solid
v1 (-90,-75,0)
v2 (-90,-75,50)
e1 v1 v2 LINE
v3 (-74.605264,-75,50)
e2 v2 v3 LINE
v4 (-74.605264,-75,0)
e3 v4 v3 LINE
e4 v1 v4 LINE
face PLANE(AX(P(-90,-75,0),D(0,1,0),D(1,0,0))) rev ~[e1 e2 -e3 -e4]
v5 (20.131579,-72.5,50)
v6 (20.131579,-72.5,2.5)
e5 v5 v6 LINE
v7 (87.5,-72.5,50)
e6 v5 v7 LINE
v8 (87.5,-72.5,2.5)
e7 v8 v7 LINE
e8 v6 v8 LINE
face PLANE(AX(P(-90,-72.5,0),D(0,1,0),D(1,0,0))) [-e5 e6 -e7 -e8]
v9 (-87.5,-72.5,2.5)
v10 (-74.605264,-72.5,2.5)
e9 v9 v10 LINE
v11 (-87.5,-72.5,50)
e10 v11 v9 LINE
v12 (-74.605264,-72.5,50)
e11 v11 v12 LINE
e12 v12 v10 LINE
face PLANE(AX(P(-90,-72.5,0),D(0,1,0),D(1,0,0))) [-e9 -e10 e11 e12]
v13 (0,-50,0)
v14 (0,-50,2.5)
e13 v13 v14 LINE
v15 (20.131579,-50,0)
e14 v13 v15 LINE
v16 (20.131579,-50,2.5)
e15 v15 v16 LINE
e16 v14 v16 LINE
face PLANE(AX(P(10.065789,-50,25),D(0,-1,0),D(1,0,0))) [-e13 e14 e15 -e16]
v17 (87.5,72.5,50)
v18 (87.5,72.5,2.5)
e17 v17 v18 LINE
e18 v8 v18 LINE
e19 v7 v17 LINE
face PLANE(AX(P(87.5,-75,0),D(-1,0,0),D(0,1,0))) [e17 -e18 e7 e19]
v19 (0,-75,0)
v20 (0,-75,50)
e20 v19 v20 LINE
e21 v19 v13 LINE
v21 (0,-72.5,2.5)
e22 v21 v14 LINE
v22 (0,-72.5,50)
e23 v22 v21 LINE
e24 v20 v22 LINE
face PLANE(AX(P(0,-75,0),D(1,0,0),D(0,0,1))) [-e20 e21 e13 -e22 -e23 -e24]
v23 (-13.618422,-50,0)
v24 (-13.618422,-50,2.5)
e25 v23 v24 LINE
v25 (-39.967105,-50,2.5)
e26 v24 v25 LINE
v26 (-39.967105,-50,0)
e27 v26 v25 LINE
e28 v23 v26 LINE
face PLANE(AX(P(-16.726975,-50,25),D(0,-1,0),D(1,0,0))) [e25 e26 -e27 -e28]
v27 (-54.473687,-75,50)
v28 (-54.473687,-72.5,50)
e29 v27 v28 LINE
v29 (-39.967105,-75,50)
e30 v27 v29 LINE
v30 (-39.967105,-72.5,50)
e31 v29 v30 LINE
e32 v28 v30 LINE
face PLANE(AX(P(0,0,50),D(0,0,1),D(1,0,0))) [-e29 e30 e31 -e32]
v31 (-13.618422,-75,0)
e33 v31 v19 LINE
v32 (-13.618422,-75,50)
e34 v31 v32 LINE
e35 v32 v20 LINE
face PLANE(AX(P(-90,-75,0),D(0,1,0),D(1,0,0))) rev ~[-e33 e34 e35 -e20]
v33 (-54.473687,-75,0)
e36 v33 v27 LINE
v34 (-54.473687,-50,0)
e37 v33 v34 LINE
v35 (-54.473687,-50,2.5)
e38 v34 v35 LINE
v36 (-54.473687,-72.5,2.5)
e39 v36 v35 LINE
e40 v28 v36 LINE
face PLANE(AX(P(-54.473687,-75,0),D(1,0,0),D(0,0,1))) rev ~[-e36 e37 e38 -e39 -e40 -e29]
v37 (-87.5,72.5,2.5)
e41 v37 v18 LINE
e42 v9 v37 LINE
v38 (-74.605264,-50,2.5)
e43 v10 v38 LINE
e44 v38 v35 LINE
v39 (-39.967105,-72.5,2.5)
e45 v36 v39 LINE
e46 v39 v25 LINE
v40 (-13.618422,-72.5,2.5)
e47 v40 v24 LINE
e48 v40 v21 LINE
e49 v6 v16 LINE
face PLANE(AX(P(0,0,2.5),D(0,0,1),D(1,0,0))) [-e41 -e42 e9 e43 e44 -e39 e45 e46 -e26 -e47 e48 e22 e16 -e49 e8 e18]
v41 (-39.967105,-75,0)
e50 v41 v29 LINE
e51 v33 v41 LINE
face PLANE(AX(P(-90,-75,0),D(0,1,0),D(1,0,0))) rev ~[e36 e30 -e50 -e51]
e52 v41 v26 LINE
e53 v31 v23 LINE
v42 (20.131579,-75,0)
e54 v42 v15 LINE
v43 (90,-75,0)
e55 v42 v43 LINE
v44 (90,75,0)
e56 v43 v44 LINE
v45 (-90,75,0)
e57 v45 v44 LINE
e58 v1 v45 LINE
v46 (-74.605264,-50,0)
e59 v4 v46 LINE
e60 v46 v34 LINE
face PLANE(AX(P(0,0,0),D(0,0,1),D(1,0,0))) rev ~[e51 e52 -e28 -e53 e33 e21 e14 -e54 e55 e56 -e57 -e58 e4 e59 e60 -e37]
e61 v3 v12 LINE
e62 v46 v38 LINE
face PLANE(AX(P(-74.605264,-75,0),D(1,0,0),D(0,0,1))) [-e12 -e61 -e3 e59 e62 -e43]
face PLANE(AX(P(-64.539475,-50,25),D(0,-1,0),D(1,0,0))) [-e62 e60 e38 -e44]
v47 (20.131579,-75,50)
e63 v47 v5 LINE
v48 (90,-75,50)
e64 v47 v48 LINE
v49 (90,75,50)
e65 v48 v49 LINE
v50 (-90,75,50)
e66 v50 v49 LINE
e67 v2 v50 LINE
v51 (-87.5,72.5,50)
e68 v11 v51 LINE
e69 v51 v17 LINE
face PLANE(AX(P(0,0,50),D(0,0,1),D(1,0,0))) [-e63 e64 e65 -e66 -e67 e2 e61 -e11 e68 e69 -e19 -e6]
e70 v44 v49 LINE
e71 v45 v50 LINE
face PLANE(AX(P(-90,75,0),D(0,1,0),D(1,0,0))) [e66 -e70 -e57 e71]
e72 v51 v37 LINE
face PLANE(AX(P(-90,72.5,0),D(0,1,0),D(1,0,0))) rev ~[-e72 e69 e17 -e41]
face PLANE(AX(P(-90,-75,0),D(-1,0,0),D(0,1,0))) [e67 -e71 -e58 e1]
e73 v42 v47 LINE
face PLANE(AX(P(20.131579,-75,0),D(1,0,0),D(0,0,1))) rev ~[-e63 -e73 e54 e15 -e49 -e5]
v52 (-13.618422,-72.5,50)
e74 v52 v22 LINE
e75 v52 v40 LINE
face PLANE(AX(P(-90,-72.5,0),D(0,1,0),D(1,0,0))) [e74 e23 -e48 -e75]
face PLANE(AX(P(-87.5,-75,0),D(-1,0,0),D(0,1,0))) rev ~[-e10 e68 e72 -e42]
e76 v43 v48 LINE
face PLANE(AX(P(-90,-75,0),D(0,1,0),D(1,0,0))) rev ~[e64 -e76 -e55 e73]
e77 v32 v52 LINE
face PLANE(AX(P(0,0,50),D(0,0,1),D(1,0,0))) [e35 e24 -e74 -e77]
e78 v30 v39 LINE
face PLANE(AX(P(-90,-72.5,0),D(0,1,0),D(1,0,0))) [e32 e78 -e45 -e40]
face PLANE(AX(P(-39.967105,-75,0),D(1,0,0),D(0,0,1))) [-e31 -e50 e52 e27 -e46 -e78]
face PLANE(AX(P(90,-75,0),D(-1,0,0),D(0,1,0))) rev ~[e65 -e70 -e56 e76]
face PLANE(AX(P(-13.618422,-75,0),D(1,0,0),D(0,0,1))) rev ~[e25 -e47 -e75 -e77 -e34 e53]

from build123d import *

# Parameters (mm, degrees)
F0_W      = 180
F0_H      = 150
F1_DEPTH  = 50
F2_T      = -2.5
F3_W      = 20.1315768063
F3_H      = 50
F4_DEPTH  = 25
F5_W      = 20.1315768063
F5_H      = 50
F6_DEPTH  = 25
F7_W      = 20.131578669
F7_H      = 50
F8_DEPTH  = 25
F9_W      = 6.2171062455
F9_H      = 50
F10_DEPTH = 25


with BuildPart() as f1:
    # F0 (on Top) → F1 (new body)
    with BuildSketch(Plane.XY):
        Rectangle(F0_W, F0_H)
    extrude(amount=F1_DEPTH)

    # F2
    f2_openings = [f1.faces().sort_by_distance(p)[0] for p in [
        (0, 0, 50),
    ]]
    offset(amount=F2_T, openings=f2_openings)

    # F3 (on face) → F4 (cut)
    with BuildSketch(Plane.XZ.offset(75)):
        with Locations((-64.5394753665, 25)):
            Rectangle(F3_W, F3_H)
    extrude(amount=-F4_DEPTH, mode=Mode.SUBTRACT)

    # F5 (on face) → F6 (cut)
    with BuildSketch(Plane.XZ.offset(75)):
        with Locations((-29.9013163894, 25)):
            Rectangle(F5_W, F5_H)
    extrude(amount=-F6_DEPTH, mode=Mode.SUBTRACT)

    # F7 (on face) → F8 (cut)
    with BuildSketch(Plane.XZ.offset(75)):
        with Locations((10.0657893345, 25)):
            Rectangle(F7_W, F7_H)
    extrude(amount=-F8_DEPTH, mode=Mode.SUBTRACT)

    # F9 (on face) → F10 (cut)
    with BuildSketch(Plane.XZ.offset(75)):
        with Locations((-16.7269748636, 25)):
            Rectangle(F9_W, F9_H)
    extrude(amount=-F10_DEPTH, mode=Mode.SUBTRACT)


solid = f1.part
